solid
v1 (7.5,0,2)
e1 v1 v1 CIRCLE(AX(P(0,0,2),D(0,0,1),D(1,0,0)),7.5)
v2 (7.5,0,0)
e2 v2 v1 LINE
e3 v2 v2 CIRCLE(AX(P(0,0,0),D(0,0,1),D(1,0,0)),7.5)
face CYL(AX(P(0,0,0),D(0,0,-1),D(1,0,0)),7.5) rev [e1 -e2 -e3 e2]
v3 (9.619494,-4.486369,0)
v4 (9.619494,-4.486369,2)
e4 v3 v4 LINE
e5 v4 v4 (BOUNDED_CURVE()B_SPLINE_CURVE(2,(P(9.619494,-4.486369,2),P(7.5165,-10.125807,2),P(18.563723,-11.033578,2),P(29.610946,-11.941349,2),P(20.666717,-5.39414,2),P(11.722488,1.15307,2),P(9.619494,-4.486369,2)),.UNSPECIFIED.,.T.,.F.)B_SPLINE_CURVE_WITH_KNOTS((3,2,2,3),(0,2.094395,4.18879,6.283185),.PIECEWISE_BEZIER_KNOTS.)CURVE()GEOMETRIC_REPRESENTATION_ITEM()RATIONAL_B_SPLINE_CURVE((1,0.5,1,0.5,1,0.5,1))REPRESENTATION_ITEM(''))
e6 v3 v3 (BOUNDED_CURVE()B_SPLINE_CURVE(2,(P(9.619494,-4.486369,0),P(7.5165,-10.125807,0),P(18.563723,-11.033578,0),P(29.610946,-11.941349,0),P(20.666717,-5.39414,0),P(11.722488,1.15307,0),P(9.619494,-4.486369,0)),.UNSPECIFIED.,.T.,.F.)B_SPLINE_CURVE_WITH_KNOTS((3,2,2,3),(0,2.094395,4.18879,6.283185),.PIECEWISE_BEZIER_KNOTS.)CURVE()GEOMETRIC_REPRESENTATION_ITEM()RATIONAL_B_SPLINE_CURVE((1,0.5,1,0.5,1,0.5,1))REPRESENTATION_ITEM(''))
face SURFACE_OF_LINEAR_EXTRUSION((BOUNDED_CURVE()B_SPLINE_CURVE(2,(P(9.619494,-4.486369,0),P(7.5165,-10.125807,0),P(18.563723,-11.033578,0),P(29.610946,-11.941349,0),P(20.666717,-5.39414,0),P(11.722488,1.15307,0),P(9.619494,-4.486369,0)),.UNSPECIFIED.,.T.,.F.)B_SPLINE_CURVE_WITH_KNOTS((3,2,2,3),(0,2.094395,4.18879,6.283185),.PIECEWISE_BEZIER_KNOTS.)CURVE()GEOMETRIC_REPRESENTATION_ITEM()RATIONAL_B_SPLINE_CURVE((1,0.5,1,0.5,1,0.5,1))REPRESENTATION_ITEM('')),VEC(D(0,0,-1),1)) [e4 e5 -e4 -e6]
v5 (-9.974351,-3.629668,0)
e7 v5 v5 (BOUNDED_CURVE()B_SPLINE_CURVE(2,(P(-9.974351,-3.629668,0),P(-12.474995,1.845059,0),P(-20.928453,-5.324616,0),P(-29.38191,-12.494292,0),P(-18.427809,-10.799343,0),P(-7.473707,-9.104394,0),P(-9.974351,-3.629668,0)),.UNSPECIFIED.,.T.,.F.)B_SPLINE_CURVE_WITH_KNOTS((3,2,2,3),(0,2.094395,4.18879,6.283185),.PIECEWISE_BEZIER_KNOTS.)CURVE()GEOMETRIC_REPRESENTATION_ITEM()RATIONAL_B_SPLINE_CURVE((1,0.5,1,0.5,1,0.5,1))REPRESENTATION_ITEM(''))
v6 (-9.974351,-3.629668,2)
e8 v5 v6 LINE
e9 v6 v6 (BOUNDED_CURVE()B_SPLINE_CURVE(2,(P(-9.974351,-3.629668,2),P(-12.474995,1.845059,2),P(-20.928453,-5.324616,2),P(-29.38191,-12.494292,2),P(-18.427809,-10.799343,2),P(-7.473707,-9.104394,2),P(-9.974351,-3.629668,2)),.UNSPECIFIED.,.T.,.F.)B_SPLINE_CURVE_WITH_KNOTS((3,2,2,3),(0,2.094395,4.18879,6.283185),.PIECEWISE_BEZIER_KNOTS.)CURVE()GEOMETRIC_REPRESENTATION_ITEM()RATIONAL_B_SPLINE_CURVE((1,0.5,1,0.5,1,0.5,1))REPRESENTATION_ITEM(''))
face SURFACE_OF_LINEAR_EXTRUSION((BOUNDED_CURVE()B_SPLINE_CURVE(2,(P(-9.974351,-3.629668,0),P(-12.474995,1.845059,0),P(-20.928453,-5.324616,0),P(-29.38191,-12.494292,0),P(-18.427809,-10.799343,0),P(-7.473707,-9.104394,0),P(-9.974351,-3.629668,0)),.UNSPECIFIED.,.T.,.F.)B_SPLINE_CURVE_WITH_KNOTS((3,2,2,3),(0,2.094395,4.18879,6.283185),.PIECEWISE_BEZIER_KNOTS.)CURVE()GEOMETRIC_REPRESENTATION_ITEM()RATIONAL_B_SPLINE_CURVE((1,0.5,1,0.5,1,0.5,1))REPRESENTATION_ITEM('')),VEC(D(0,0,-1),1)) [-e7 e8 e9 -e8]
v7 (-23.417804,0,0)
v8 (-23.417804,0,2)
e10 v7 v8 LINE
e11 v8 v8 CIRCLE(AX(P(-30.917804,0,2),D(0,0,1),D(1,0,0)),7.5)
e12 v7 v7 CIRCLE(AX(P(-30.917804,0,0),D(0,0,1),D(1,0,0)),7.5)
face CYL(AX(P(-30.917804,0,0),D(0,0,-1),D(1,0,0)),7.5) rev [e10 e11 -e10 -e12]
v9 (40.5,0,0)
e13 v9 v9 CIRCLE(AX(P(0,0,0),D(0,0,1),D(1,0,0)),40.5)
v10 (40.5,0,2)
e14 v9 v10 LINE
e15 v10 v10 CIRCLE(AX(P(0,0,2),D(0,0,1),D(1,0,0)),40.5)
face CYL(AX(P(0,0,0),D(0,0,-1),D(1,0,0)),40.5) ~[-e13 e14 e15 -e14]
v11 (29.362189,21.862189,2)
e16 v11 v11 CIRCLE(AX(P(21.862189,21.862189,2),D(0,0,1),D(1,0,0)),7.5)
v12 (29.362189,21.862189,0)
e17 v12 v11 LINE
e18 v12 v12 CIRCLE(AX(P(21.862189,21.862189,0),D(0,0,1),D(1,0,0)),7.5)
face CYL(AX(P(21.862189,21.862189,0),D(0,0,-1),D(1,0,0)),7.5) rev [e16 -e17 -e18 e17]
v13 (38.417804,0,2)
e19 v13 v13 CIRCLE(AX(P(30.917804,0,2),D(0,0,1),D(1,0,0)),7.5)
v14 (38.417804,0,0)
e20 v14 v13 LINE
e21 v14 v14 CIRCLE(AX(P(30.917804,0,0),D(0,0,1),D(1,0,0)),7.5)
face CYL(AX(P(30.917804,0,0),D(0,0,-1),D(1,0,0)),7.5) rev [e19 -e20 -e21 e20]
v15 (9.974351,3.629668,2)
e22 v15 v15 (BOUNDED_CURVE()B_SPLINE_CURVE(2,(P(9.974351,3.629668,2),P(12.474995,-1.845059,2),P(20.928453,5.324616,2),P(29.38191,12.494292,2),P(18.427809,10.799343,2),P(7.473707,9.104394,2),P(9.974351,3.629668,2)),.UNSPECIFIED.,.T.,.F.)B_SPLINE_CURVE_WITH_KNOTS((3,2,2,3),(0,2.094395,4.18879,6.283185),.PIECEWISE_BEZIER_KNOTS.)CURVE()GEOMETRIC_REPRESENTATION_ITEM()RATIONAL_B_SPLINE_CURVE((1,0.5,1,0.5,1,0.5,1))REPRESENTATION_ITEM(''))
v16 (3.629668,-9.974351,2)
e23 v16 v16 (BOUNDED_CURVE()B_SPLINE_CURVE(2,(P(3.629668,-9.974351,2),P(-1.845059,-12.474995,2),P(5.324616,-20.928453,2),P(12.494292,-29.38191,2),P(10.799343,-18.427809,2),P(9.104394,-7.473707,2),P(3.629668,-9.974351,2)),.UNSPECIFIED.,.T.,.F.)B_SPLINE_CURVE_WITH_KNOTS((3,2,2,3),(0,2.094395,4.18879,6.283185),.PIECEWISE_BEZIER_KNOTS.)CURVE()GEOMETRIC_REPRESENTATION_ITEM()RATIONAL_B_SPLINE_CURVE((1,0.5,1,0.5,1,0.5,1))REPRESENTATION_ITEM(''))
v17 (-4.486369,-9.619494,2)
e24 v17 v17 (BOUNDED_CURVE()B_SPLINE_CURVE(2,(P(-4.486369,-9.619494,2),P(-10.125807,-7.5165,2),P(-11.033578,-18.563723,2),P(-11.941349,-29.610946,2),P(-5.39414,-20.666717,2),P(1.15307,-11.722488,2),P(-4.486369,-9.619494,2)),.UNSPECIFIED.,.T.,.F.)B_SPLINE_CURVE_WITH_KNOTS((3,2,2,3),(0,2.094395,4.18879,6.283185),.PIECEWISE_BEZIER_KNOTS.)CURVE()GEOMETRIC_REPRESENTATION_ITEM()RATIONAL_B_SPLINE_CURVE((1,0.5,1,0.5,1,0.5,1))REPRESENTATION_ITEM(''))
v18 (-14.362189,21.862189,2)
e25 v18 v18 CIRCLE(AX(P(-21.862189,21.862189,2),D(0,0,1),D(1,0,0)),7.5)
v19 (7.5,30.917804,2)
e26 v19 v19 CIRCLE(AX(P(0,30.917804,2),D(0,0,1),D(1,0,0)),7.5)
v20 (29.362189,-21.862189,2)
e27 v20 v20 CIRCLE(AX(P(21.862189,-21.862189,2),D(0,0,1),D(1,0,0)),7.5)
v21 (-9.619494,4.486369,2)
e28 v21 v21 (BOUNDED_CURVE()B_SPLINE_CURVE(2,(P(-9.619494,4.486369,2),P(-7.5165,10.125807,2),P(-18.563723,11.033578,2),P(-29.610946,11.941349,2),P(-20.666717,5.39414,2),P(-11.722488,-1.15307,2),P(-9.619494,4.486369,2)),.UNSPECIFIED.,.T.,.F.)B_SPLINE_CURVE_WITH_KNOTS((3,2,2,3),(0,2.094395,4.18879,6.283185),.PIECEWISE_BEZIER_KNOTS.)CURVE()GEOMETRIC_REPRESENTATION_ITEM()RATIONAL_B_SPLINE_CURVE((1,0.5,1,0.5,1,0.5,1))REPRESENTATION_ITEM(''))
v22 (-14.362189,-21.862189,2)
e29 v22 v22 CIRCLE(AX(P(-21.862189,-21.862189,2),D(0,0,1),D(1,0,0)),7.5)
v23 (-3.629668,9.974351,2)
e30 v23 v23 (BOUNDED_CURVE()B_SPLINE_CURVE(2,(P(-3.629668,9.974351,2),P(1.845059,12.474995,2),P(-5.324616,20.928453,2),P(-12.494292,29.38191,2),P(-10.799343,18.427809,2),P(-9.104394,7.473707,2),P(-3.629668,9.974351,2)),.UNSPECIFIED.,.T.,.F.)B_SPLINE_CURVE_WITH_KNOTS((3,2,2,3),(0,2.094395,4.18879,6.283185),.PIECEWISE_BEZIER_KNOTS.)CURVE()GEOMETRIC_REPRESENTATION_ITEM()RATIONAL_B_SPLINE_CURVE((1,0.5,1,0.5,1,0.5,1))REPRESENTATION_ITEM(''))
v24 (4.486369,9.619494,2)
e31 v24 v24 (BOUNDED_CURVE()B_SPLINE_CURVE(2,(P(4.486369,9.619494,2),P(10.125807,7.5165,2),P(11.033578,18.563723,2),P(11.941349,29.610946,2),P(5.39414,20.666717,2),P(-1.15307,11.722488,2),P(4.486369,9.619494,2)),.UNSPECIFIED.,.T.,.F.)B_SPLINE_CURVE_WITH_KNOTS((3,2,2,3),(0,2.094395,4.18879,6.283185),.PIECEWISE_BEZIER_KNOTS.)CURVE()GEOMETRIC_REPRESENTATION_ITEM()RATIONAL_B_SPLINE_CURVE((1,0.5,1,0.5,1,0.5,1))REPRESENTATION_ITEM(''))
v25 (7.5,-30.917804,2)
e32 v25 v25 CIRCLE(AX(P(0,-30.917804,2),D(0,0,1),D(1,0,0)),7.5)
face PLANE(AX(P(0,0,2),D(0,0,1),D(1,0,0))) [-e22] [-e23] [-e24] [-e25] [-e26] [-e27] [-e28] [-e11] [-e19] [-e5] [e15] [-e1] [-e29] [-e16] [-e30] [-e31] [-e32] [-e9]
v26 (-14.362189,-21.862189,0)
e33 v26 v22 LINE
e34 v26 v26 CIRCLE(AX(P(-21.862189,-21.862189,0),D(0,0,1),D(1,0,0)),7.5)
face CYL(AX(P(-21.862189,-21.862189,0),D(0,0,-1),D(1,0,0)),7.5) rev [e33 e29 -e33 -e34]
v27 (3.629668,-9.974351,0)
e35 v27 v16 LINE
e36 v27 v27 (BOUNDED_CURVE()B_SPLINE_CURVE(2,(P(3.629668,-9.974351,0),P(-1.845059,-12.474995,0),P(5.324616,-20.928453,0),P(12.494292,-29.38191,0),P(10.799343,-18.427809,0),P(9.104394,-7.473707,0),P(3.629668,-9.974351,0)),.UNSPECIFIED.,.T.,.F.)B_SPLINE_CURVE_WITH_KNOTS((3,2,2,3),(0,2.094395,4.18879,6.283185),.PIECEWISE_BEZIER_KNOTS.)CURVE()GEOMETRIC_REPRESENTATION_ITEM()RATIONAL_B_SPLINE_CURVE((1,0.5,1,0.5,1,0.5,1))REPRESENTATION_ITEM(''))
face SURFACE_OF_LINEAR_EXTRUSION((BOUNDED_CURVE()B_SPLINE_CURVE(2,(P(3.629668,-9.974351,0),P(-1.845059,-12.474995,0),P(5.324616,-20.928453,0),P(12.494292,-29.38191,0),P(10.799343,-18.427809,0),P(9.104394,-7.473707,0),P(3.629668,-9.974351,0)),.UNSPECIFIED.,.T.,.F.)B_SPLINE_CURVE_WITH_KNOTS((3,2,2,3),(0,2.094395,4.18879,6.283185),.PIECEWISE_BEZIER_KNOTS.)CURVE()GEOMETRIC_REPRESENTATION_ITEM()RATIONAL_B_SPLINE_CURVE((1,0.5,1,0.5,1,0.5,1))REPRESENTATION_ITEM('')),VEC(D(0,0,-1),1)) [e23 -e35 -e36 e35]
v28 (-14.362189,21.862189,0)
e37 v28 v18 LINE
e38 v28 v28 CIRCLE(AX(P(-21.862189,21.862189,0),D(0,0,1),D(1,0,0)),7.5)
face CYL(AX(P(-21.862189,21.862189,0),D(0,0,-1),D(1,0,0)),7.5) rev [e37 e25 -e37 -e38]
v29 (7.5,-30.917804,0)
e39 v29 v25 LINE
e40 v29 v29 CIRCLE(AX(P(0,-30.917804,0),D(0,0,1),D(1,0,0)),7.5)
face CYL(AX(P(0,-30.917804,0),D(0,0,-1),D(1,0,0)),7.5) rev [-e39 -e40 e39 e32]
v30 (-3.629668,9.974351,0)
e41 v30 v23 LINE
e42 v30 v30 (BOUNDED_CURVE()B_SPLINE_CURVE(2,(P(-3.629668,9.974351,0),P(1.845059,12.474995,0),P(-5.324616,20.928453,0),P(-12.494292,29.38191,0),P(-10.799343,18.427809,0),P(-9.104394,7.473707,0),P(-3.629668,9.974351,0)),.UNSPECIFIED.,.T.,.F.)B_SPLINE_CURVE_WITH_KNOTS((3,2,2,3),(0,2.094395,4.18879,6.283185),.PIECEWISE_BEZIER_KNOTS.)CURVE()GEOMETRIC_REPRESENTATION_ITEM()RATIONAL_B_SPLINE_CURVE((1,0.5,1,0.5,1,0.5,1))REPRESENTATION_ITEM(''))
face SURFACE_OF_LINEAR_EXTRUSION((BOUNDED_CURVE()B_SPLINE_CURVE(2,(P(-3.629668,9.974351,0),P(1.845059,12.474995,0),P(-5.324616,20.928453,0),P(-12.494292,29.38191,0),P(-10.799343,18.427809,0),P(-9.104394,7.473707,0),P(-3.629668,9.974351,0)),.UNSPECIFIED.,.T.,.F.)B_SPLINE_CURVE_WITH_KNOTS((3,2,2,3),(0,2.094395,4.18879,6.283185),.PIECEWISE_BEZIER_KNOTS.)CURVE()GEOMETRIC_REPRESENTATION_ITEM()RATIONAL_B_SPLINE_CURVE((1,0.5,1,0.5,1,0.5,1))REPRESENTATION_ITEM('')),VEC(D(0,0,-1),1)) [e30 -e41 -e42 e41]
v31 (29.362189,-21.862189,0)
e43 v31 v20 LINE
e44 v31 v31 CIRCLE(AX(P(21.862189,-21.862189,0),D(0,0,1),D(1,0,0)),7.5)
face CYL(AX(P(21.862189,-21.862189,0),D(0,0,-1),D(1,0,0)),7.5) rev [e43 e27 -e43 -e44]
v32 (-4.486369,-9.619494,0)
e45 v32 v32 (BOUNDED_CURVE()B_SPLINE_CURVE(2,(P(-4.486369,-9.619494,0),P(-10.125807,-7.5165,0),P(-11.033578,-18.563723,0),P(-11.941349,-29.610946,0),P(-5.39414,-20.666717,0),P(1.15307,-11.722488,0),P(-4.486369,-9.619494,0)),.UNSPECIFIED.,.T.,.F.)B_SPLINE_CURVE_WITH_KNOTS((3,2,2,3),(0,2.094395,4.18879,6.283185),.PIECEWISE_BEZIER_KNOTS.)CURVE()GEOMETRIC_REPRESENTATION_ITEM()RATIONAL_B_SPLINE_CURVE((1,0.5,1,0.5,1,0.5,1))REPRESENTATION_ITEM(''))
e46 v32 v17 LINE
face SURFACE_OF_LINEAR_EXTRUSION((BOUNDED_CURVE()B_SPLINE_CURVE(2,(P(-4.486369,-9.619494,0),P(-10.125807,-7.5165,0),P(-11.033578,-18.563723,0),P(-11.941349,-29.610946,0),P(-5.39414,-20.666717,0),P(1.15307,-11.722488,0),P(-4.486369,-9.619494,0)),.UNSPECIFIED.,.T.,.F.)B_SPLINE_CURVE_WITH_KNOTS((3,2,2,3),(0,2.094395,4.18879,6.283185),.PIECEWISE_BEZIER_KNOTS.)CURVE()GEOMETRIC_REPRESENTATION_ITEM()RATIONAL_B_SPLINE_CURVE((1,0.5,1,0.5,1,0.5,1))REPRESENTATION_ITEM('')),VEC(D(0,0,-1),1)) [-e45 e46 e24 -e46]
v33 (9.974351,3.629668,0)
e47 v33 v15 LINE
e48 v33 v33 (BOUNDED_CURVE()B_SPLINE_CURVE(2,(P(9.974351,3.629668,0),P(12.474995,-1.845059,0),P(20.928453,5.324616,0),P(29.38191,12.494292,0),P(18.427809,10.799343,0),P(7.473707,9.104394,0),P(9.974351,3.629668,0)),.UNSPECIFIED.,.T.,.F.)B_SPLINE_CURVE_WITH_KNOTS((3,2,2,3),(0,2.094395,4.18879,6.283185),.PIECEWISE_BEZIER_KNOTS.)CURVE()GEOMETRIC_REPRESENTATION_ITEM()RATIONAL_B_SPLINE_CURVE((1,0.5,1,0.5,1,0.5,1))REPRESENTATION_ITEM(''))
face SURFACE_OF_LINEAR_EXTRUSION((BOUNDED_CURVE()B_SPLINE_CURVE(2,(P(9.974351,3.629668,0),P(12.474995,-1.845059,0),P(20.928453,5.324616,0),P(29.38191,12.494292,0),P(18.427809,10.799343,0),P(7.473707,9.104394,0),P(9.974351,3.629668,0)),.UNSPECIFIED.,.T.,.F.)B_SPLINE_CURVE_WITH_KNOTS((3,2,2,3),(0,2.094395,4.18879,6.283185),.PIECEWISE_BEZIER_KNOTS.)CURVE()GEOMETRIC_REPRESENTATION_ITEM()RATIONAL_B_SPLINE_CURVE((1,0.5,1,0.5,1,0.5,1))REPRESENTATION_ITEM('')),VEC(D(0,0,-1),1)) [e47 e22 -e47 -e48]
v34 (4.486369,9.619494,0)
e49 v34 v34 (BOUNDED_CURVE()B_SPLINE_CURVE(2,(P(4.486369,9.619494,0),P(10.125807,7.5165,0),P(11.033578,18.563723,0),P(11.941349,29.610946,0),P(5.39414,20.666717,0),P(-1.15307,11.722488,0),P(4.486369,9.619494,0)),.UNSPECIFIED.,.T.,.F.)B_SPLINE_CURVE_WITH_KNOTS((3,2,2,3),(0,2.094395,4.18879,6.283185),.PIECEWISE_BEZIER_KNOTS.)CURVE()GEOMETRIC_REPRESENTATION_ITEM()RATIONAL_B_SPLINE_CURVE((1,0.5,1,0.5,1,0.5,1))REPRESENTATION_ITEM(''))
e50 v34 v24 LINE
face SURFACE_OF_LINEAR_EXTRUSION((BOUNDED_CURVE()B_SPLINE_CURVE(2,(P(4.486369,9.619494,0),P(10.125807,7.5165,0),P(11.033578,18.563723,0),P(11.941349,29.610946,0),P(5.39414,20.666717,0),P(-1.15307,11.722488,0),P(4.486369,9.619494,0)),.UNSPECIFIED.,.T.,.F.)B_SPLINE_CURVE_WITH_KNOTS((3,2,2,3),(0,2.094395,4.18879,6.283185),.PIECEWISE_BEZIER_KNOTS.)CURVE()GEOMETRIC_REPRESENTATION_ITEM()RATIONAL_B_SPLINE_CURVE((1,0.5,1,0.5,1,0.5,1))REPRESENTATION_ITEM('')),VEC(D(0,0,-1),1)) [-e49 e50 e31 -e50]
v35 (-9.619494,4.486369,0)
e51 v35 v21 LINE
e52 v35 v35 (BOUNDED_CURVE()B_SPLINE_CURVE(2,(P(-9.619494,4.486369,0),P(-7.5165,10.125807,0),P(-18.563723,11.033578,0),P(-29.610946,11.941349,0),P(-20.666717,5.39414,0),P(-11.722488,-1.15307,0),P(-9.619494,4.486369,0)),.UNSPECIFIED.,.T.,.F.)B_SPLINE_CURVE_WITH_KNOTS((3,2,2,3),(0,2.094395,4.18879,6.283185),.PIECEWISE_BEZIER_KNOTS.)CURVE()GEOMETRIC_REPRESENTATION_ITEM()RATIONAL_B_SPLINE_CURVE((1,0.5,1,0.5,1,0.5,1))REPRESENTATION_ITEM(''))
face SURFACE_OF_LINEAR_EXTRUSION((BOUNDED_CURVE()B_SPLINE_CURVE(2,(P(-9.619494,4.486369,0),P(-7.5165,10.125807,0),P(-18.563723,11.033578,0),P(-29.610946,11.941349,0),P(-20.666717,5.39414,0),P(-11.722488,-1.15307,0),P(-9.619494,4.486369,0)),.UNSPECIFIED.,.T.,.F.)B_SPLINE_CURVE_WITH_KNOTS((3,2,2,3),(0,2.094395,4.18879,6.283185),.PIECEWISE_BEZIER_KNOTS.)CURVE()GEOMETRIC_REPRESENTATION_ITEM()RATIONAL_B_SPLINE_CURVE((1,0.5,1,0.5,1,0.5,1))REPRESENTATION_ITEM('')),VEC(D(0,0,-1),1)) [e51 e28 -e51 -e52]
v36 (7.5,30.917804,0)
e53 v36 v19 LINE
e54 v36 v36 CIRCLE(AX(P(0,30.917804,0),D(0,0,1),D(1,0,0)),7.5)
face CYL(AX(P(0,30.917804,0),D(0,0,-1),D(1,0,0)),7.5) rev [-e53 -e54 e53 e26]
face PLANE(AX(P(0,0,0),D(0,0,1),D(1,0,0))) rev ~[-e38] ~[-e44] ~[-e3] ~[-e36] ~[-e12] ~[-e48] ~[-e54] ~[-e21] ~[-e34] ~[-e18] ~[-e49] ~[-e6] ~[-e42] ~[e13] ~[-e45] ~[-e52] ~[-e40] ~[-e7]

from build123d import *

# Parameters (mm, degrees)
F0_R     = 40.5
F0_R_2   = 7.5
F1_DEPTH = 2


with BuildPart() as f1:
    # F0 (on Top) → F1 (new body)
    with BuildSketch(Plane.XY):
        Circle(F0_R)
        with Locations((-21.862189, -21.862189)):
            Circle(F0_R_2, mode=Mode.SUBTRACT)
        with BuildLine():
            add(Edge.make_bspline(
                [(-4.486369, -9.619494), (-10.125807, -7.5165), (-11.033578, -18.563723), (-11.941349, -29.610946), (-5.39414, -20.666717), (1.15307, -11.722488), (-4.486369, -9.619494)],
                knots=[0, 0, 0, 2.094395, 2.094395, 4.18879, 4.18879, 6.283185, 6.283185, 6.283185], degree=2, weights=[1, 0.5, 1, 0.5, 1, 0.5, 1]))
        make_face(mode=Mode.SUBTRACT)
        with BuildLine():
            add(Edge.make_bspline(
                [(-9.974351, -3.629668), (-12.474995, 1.845059), (-20.928453, -5.324616), (-29.38191, -12.494292), (-18.427809, -10.799343), (-7.473707, -9.104394), (-9.974351, -3.629668)],
                knots=[0, 0, 0, 2.094395, 2.094395, 4.18879, 4.18879, 6.283185, 6.283185, 6.283185], degree=2, weights=[1, 0.5, 1, 0.5, 1, 0.5, 1]))
        make_face(mode=Mode.SUBTRACT)
        with Locations((0, -30.917804)):
            Circle(F0_R_2, mode=Mode.SUBTRACT)
        with Locations((21.862189, -21.862189)):
            Circle(F0_R_2, mode=Mode.SUBTRACT)
        with BuildLine():
            add(Edge.make_bspline(
                [(3.629668, -9.974351), (-1.845059, -12.474995), (5.324616, -20.928453), (12.494292, -29.38191), (10.799343, -18.427809), (9.104394, -7.473707), (3.629668, -9.974351)],
                knots=[0, 0, 0, 2.094395, 2.094395, 4.18879, 4.18879, 6.283185, 6.283185, 6.283185], degree=2, weights=[1, 0.5, 1, 0.5, 1, 0.5, 1]))
        make_face(mode=Mode.SUBTRACT)
        with BuildLine():
            add(Edge.make_bspline(
                [(9.619494, -4.486369), (7.5165, -10.125807), (18.563723, -11.033578), (29.610946, -11.941349), (20.666717, -5.39414), (11.722488, 1.15307), (9.619494, -4.486369)],
                knots=[0, 0, 0, 2.094395, 2.094395, 4.18879, 4.18879, 6.283185, 6.283185, 6.283185], degree=2, weights=[1, 0.5, 1, 0.5, 1, 0.5, 1]))
        make_face(mode=Mode.SUBTRACT)
        with Locations((-30.917804, 0)):
            Circle(F0_R_2, mode=Mode.SUBTRACT)
        with BuildLine():
            add(Edge.make_bspline(
                [(-9.619494, 4.486369), (-7.5165, 10.125807), (-18.563723, 11.033578), (-29.610946, 11.941349), (-20.666717, 5.39414), (-11.722488, -1.15307), (-9.619494, 4.486369)],
                knots=[0, 0, 0, 2.094395, 2.094395, 4.18879, 4.18879, 6.283185, 6.283185, 6.283185], degree=2, weights=[1, 0.5, 1, 0.5, 1, 0.5, 1]))
        make_face(mode=Mode.SUBTRACT)
        with BuildLine():
            add(Edge.make_bspline(
                [(-3.629668, 9.974351), (1.845059, 12.474995), (-5.324616, 20.928453), (-12.494292, 29.38191), (-10.799343, 18.427809), (-9.104394, 7.473707), (-3.629668, 9.974351)],
                knots=[0, 0, 0, 2.094395, 2.094395, 4.18879, 4.18879, 6.283185, 6.283185, 6.283185], degree=2, weights=[1, 0.5, 1, 0.5, 1, 0.5, 1]))
        make_face(mode=Mode.SUBTRACT)
        with Locations((-21.862189, 21.862189)):
            Circle(F0_R_2, mode=Mode.SUBTRACT)
        Circle(F0_R_2, mode=Mode.SUBTRACT)
        with BuildLine():
            add(Edge.make_bspline(
                [(9.974351, 3.629668), (12.474995, -1.845059), (20.928453, 5.324616), (29.38191, 12.494292), (18.427809, 10.799343), (7.473707, 9.104394), (9.974351, 3.629668)],
                knots=[0, 0, 0, 2.094395, 2.094395, 4.18879, 4.18879, 6.283185, 6.283185, 6.283185], degree=2, weights=[1, 0.5, 1, 0.5, 1, 0.5, 1]))
        make_face(mode=Mode.SUBTRACT)
        with BuildLine():
            add(Edge.make_bspline(
                [(4.486369, 9.619494), (10.125807, 7.5165), (11.033578, 18.563723), (11.941349, 29.610946), (5.39414, 20.666717), (-1.15307, 11.722488), (4.486369, 9.619494)],
                knots=[0, 0, 0, 2.094395, 2.094395, 4.18879, 4.18879, 6.283185, 6.283185, 6.283185], degree=2, weights=[1, 0.5, 1, 0.5, 1, 0.5, 1]))
        make_face(mode=Mode.SUBTRACT)
        with Locations((30.917804, 0)):
            Circle(F0_R_2, mode=Mode.SUBTRACT)
        with Locations((0, 30.917804)):
            Circle(F0_R_2, mode=Mode.SUBTRACT)
        with Locations((21.862189, 21.862189)):
            Circle(F0_R_2, mode=Mode.SUBTRACT)
    extrude(amount=F1_DEPTH)


solid = f1.part
